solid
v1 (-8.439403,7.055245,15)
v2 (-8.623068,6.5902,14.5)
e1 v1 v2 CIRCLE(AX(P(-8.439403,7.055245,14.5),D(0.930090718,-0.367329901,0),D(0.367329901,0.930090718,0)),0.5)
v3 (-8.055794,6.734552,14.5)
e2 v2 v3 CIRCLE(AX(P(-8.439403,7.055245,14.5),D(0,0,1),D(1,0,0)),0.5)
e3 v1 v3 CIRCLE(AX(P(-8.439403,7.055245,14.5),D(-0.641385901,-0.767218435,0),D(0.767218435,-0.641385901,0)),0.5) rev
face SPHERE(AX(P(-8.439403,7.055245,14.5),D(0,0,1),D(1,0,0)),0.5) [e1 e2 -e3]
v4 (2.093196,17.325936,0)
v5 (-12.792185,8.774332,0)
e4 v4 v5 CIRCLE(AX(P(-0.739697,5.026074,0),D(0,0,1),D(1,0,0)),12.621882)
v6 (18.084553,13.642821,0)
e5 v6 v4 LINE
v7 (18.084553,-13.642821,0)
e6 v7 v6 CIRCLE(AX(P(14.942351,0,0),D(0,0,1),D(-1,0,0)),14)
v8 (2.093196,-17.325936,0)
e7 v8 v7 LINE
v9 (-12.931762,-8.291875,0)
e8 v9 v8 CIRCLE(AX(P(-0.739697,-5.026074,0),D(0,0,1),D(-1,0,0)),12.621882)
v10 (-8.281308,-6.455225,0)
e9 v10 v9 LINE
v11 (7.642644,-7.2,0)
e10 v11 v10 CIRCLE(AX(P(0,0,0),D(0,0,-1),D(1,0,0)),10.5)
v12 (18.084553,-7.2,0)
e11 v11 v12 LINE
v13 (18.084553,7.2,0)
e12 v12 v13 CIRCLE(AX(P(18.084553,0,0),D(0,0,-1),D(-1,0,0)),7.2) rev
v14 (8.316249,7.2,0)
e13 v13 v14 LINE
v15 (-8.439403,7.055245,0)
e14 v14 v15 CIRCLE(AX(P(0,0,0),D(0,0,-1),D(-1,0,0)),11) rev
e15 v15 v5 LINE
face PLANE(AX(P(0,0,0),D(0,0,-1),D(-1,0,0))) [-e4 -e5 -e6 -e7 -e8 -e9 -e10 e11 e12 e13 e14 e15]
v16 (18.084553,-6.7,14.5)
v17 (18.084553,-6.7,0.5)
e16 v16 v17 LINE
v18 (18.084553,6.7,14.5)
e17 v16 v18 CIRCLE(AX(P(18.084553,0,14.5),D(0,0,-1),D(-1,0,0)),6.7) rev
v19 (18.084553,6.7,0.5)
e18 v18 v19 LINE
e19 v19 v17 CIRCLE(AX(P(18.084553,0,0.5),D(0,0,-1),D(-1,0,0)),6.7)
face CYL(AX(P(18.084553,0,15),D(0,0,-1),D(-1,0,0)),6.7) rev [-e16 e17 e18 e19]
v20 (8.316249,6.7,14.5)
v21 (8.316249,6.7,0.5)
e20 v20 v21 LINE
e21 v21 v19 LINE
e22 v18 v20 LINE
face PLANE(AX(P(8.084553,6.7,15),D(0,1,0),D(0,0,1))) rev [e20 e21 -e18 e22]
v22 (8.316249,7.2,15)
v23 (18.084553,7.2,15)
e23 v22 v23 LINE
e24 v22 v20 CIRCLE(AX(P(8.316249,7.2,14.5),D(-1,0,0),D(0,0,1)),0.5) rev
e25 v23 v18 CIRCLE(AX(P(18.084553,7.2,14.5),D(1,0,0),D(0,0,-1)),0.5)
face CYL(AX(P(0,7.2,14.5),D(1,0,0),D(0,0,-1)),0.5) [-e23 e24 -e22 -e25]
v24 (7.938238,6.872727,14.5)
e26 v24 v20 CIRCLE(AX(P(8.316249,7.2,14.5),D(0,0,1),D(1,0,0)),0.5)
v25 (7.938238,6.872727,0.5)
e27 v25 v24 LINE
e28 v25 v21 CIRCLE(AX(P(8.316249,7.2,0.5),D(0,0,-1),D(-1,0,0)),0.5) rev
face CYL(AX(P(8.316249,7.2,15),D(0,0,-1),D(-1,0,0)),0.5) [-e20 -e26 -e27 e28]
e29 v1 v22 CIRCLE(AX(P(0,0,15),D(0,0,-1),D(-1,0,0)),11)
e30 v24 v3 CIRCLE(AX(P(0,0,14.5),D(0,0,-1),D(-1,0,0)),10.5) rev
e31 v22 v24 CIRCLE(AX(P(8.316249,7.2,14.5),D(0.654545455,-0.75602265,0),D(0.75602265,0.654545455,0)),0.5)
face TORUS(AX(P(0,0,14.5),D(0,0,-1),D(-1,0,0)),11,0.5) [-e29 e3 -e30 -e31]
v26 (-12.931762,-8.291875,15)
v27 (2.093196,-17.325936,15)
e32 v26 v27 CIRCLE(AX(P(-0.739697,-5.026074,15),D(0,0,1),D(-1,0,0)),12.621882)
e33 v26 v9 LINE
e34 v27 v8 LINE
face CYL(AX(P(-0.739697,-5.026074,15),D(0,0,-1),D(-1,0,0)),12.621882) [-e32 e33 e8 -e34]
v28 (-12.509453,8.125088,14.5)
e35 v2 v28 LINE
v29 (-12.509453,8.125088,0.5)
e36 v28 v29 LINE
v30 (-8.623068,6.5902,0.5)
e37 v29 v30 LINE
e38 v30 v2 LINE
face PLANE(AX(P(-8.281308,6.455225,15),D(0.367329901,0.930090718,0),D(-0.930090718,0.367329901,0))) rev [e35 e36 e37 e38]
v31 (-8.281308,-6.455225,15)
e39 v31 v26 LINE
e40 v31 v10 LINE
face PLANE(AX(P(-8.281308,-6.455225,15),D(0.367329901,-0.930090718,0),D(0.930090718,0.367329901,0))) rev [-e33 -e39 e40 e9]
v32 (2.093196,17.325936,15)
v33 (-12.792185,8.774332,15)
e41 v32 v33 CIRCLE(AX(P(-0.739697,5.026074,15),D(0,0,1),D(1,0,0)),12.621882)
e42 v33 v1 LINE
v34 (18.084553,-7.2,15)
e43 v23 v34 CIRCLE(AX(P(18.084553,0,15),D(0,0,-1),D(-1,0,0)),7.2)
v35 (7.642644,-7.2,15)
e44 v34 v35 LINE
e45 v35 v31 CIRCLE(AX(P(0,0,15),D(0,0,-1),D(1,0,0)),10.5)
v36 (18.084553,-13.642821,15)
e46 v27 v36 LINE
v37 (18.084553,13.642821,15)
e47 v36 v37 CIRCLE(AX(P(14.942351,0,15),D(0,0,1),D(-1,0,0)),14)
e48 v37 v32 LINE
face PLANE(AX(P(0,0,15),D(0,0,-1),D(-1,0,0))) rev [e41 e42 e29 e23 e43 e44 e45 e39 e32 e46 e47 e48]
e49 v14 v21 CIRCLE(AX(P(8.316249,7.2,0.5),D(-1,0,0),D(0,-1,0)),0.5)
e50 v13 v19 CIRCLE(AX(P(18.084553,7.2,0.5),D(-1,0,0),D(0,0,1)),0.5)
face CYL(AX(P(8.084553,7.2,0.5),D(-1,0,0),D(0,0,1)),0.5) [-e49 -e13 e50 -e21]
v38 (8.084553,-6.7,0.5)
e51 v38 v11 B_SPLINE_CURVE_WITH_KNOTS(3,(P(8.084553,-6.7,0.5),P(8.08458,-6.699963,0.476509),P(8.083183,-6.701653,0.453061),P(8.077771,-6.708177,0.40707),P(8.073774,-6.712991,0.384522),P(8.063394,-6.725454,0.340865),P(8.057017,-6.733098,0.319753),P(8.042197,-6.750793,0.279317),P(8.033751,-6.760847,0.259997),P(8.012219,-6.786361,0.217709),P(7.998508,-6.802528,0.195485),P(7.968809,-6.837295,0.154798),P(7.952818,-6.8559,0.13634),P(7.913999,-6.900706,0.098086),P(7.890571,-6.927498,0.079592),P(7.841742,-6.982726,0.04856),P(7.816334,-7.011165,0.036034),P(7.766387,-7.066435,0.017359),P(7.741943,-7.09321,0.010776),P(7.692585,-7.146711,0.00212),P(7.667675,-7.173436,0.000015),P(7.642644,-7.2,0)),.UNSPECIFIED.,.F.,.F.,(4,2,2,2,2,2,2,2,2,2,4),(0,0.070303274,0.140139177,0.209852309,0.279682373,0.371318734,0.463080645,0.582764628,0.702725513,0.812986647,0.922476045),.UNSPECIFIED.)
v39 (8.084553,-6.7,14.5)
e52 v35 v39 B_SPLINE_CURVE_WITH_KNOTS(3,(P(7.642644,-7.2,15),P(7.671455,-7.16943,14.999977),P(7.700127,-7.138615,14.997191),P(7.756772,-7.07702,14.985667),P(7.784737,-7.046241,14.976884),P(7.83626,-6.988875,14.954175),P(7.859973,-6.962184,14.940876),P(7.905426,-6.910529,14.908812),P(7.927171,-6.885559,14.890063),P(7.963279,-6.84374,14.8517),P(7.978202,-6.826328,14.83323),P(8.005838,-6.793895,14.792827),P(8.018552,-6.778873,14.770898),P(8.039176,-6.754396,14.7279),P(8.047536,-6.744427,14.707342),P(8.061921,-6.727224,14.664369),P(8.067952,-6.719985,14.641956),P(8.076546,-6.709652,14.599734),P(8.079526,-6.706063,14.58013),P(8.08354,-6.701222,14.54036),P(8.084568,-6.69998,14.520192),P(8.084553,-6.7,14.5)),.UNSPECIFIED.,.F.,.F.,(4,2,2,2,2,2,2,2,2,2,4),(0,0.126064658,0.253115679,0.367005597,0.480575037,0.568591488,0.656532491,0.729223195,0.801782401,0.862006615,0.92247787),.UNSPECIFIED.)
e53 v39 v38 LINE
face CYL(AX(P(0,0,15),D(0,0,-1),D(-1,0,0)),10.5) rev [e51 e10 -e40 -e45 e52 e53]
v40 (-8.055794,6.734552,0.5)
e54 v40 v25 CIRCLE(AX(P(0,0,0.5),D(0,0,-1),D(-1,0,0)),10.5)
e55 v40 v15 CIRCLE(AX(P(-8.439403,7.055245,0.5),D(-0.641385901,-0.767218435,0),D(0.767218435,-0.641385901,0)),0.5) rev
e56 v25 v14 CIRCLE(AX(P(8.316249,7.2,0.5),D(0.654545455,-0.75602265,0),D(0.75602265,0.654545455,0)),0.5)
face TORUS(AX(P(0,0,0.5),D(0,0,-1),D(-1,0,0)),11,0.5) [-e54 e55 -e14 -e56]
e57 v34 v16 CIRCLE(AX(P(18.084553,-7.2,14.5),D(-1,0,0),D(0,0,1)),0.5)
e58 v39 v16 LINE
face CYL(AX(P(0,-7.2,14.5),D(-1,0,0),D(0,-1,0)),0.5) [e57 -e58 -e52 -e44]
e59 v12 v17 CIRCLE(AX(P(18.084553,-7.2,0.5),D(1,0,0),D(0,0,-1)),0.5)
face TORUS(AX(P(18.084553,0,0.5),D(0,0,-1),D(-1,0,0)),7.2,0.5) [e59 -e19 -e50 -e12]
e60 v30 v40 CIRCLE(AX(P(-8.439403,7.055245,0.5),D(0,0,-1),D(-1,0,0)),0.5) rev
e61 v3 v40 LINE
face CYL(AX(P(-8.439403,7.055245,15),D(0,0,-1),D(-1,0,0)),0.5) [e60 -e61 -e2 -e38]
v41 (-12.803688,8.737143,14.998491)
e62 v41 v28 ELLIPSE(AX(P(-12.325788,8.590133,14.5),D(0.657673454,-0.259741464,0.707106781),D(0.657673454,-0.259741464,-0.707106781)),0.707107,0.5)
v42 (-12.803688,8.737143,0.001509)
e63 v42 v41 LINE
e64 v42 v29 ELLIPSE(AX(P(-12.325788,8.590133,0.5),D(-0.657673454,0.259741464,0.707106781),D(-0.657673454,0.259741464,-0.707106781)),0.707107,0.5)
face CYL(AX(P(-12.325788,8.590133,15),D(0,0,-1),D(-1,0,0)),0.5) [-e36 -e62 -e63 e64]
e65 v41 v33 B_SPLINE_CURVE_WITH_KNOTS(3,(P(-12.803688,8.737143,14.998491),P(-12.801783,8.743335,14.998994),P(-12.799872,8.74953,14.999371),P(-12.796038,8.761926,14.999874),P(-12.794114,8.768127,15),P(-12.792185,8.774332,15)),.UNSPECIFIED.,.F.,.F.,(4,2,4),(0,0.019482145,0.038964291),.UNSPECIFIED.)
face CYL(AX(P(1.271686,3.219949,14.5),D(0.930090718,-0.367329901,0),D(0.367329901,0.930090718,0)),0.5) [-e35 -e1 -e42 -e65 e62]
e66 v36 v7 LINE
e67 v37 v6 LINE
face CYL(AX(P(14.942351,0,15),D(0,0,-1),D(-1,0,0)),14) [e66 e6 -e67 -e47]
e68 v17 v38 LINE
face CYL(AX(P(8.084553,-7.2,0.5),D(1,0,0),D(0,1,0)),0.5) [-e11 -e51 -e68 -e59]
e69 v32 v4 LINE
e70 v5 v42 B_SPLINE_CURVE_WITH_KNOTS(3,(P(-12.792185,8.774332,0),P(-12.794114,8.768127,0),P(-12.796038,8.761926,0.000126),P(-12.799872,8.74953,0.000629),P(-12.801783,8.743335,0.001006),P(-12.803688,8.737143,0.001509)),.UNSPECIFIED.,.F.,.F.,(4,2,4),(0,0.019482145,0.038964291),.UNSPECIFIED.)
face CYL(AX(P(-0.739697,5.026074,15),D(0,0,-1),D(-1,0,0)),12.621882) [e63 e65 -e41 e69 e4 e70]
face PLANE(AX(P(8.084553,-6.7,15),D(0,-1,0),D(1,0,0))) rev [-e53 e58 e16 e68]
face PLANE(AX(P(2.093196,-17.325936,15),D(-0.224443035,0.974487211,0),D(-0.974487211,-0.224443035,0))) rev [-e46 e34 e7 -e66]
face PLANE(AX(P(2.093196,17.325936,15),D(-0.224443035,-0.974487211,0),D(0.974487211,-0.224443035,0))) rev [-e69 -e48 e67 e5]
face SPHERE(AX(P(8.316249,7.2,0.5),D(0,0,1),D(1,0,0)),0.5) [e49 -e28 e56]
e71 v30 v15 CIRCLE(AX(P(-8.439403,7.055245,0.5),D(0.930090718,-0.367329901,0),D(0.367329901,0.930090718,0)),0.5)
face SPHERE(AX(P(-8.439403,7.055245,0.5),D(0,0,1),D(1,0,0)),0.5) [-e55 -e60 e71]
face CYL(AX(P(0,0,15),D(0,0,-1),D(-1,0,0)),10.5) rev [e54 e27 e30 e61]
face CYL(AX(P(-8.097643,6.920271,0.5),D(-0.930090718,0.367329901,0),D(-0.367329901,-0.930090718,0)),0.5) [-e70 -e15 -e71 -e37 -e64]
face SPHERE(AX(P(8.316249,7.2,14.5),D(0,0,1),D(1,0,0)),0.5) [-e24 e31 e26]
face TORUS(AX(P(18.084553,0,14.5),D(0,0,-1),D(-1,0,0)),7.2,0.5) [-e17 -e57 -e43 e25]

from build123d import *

# Parameters (mm, degrees)
BOSS_EXTRU_1_DEPTH = 15
CONG_1_R           = 0.5


with BuildPart() as part:
    # Esquisse1 → Boss.-Extru.1 (new body)
    with BuildSketch(Plane.XY):
        with BuildLine():
            Line((8.084553173, 6.7), (18.084553173, 6.7))
            ThreePointArc((18.084553173, 6.7), (24.784553173, 0), (18.084553173, -6.7))
            Line((18.084553173, -6.7), (8.084553173, -6.7))
            ThreePointArc((8.084553173, -6.7), (-0.157024945, -10.498825799), (-8.281308366, -6.45522515))
            Line((-8.281308366, -6.45522515), (-12.931761957, -8.291874654))
            ThreePointArc((-12.931761957, -8.291874654), (-7.243702669, -15.843181093), (2.093196436, -17.325936129))
            Line((2.093196436, -17.325936129), (18.084553173, -13.642820952))
            ThreePointArc((18.084553173, -13.642820952), (28.942350685, 0), (18.084553173, 13.642820952))
            Line((18.084553173, 13.642820952), (2.093196436, 17.325936129))
            ThreePointArc((2.093196436, 17.325936129), (-7.243702669, 15.843181093), (-12.931761957, 8.291874654))
            Line((-12.931761957, 8.291874654), (-8.281308366, 6.45522515))
            ThreePointArc((-8.281308366, 6.45522515), (-0.157024945, 10.498825799), (8.084553173, 6.7))
        make_face()
    extrude(amount=BOSS_EXTRU_1_DEPTH)

    # Congé1
    cong_1_edges = [part.edges().sort_by_distance(p)[0] for p in [
        (24.784553173, 0, 15),
        (24.784553173, 0, 0),
        (13.084553173, 6.7, 15),
        (13.084553173, 6.7, 0),
        (-10.606535162, 7.373549902, 15),
        (-10.606535162, 7.373549902, 0),
        (-8.281308366, 6.45522515, 7.5),
        (-0.157024945, 10.498825799, 15),
        (8.084553173, 6.7, 7.5),
        (-0.157024945, 10.498825799, 0),
        (13.084553173, -6.7, 15),
        (13.084553173, -6.7, 0),
        (-12.931761957, 8.291874654, 7.5),
    ]]
    fillet(cong_1_edges, radius=CONG_1_R)


solid = part.part
